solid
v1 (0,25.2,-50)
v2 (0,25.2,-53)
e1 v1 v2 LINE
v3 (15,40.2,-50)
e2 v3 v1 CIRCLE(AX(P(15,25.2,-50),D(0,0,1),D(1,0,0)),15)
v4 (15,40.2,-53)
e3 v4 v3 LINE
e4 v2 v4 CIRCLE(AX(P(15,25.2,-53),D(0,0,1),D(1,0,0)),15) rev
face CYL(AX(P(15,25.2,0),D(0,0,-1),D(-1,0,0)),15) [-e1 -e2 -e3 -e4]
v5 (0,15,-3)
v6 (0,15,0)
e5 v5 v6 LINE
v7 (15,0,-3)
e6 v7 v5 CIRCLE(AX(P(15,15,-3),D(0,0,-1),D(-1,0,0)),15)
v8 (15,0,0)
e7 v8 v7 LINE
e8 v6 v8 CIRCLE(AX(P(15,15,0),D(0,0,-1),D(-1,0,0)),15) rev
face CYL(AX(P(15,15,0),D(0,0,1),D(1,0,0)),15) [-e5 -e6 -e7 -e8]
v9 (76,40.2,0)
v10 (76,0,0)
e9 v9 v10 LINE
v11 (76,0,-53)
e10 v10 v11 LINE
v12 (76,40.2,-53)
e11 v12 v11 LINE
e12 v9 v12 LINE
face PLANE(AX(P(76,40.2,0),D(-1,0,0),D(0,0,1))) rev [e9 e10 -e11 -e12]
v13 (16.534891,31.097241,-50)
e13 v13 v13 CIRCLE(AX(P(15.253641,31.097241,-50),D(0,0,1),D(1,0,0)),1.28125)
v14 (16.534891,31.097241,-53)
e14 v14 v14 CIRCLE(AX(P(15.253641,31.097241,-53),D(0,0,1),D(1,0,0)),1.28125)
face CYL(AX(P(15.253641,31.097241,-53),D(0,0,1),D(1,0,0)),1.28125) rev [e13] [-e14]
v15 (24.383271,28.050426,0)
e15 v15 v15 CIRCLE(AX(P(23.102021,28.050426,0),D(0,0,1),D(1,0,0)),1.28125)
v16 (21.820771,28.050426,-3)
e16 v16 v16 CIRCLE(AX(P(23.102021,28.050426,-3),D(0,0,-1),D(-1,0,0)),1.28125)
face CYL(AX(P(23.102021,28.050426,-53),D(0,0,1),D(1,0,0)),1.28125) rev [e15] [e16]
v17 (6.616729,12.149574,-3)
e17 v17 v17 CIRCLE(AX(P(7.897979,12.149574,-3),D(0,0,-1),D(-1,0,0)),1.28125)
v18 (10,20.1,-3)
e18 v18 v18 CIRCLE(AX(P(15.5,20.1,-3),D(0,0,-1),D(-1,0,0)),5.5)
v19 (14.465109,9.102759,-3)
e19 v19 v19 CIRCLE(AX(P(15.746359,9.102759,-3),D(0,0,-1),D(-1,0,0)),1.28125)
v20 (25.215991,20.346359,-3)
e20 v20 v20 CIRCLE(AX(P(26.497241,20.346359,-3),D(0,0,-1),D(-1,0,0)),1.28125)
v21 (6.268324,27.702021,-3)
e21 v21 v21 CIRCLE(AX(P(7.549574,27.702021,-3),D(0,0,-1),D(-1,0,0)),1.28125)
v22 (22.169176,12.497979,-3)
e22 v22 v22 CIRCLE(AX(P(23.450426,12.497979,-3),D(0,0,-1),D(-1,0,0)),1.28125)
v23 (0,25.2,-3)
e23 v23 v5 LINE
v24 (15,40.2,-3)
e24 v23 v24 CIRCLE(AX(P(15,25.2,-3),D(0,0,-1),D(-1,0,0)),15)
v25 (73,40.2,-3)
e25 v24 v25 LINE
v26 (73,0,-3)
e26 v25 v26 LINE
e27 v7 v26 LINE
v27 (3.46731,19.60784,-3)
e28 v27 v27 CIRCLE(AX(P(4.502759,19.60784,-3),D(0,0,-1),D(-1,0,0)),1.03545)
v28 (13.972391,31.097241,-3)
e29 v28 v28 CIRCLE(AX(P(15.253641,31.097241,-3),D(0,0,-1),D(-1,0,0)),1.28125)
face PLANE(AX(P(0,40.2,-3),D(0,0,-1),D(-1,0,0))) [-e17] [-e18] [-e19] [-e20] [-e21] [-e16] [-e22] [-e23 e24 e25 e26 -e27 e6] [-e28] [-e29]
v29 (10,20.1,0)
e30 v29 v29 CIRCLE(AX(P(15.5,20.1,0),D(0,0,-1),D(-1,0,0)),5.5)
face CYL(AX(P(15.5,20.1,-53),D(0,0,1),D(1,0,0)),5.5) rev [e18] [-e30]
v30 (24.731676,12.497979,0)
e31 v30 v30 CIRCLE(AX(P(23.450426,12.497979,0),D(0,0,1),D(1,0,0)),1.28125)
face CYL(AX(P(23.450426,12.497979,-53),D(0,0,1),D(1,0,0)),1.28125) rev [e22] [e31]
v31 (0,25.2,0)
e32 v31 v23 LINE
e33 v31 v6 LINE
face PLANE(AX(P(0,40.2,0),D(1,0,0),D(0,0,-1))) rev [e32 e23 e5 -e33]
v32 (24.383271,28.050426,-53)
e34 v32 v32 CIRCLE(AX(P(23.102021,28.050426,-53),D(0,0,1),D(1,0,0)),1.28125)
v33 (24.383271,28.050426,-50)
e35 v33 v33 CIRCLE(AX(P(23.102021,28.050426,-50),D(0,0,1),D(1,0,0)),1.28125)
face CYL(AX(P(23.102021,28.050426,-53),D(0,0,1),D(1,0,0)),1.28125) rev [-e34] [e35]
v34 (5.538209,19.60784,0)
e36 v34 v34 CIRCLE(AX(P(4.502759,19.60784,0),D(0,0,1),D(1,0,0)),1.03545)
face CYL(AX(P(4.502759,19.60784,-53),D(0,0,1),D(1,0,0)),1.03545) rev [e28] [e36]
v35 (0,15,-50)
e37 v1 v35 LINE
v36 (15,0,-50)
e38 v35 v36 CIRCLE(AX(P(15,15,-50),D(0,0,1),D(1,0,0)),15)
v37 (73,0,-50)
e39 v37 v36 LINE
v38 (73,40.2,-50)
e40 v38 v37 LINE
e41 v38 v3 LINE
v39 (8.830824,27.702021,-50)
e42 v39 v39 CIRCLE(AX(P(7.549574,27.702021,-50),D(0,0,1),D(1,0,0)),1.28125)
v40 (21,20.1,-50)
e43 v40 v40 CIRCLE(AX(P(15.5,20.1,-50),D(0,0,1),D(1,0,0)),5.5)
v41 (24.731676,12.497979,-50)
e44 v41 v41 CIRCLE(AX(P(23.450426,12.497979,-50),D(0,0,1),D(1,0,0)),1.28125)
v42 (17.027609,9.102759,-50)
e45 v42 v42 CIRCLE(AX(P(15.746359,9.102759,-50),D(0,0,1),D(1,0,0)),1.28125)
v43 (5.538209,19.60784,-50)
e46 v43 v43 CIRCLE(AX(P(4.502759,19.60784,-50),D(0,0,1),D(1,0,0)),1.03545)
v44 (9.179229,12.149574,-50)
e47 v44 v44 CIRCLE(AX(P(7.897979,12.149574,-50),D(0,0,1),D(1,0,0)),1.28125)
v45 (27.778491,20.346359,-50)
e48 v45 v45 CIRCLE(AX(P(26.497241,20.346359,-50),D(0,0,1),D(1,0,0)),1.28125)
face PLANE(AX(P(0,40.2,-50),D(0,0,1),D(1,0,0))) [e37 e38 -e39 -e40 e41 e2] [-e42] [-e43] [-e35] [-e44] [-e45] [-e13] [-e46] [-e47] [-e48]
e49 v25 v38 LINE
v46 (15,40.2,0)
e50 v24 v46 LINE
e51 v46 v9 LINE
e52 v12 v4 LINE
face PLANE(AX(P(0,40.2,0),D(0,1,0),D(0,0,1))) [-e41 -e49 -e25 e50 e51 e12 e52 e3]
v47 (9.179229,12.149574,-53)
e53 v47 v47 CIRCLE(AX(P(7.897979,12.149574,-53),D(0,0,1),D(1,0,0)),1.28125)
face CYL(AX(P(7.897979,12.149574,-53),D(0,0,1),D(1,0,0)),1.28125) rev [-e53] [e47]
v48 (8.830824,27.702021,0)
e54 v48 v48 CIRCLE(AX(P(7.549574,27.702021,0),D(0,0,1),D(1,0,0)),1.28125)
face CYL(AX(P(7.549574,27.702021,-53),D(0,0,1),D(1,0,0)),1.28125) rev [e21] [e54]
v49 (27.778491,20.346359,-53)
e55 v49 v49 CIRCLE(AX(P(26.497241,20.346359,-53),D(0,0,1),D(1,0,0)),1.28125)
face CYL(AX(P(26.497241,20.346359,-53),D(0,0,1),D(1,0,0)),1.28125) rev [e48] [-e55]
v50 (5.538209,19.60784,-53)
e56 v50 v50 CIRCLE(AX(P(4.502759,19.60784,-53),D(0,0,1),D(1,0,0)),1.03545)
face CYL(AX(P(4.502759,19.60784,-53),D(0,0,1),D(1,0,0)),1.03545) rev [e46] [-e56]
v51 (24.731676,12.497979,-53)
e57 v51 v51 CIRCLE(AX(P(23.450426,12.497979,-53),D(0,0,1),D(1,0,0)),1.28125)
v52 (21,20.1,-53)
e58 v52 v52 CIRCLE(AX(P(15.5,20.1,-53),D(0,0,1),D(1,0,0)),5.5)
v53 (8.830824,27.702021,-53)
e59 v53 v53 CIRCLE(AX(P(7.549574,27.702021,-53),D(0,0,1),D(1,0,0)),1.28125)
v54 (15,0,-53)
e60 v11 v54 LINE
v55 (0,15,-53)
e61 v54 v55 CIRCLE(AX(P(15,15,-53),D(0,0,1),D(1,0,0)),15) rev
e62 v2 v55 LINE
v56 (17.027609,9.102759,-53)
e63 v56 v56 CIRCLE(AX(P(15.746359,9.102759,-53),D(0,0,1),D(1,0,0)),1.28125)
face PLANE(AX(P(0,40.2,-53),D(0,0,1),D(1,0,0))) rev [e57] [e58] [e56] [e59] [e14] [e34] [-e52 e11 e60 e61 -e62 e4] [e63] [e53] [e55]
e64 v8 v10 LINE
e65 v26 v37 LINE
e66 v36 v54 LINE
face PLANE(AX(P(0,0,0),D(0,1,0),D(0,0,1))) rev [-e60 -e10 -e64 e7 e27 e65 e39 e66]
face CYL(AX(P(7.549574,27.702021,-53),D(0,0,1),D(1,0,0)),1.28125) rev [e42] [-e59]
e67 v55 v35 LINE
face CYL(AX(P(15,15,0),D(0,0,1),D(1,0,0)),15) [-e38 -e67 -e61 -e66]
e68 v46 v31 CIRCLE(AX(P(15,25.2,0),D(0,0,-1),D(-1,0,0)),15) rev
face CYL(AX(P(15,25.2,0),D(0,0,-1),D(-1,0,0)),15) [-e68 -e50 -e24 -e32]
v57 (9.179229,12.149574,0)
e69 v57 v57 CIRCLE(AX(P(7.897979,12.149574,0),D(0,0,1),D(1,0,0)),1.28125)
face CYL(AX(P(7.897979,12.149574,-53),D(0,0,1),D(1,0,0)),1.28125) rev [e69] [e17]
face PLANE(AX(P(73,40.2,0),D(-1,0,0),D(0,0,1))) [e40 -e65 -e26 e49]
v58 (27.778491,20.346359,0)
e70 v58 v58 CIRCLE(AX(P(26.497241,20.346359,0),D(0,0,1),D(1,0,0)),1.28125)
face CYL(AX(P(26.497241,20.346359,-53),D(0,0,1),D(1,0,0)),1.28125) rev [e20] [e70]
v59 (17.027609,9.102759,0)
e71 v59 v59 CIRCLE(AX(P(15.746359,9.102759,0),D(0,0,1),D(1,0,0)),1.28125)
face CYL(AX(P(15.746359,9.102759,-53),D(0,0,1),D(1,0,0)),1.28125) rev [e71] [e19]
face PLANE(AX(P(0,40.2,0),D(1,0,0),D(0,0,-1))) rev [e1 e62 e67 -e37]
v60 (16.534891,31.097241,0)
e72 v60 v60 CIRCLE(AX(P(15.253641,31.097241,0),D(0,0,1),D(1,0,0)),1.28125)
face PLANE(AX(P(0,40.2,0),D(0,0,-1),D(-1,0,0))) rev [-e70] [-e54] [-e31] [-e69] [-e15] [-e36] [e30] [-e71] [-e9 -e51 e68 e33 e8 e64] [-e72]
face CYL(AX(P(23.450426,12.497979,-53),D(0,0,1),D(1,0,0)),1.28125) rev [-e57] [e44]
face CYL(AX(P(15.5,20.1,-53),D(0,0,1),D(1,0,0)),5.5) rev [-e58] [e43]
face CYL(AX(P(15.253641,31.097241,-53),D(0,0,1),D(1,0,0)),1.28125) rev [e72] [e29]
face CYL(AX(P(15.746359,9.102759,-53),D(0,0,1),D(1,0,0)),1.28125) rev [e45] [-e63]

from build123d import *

# Parameters (mm, degrees)
BOSS_EXTRUDE1_DEPTH     = 40.2
CUT_EXTRUDE1_DEPTH      = 102.00019802
CUT_EXTRUDE1_DEPTH_BACK = 102.00019802
SKETCH2_R               = 5.5
FILLET1_R               = 15
CUT_EXTRUDE2_DEPTH      = 100.458735162
CUT_EXTRUDE2_DEPTH_BACK = 100.458735162
SKETCH4_R               = 1.28125
SKETCH4_R_2             = 1.035449613


with BuildPart() as part:
    # Sketch1 → Boss-Extrude1 (new body)
    with BuildSketch(Plane(origin=(0, 0, 0), x_dir=(1, 0, 0), z_dir=(0, 1, 0))):
        Polygon((0, 3), (0, 0), (76, 0), (76, 53), (0, 53), (0, 50), (73, 50), (73, 3), align=None)
    extrude(amount=BOSS_EXTRUDE1_DEPTH)

    # Sketch2 → Cut-Extrude1 (cut, two sides: drawn at the far end of the back side and taken through both)
    with BuildSketch(Plane.XY.offset(-CUT_EXTRUDE1_DEPTH_BACK)):
        with Locations((15.5, 20.1)):
            Circle(SKETCH2_R)
    extrude(amount=CUT_EXTRUDE1_DEPTH + CUT_EXTRUDE1_DEPTH_BACK, mode=Mode.SUBTRACT)

    # Fillet1
    fillet1_edges = [part.edges().sort_by_distance(p)[0] for p in [
        (0, 0, -1.5),
        (0, 40.2, -1.5),
        (0, 40.2, -51.5),
        (0, 0, -51.5),
    ]]
    fillet(fillet1_edges, radius=FILLET1_R)

    # Sketch4 → Cut-Extrude2 (cut, two sides: drawn at the far end of the back side and taken through both)
    with BuildSketch(Plane.XY.offset(-50).offset(-CUT_EXTRUDE2_DEPTH_BACK)):
        with Locations((15.746359238, 9.102759113)):
            Circle(SKETCH4_R)
        with Locations((7.897978682, 12.149574107)):
            Circle(SKETCH4_R)
        with Locations((4.502759113, 19.607840375)):
            Circle(SKETCH4_R_2)
        with Locations((7.549574107, 27.702021318)):
            Circle(SKETCH4_R)
        with Locations((23.450425893, 12.497978682)):
            Circle(SKETCH4_R)
        with Locations((15.253640762, 31.097240887)):
            Circle(SKETCH4_R)
        with Locations((23.102021318, 28.050425893)):
            Circle(SKETCH4_R)
        with Locations((26.497240887, 20.346359238)):
            Circle(SKETCH4_R)
    extrude(amount=CUT_EXTRUDE2_DEPTH + CUT_EXTRUDE2_DEPTH_BACK, mode=Mode.SUBTRACT)


solid = part.part
